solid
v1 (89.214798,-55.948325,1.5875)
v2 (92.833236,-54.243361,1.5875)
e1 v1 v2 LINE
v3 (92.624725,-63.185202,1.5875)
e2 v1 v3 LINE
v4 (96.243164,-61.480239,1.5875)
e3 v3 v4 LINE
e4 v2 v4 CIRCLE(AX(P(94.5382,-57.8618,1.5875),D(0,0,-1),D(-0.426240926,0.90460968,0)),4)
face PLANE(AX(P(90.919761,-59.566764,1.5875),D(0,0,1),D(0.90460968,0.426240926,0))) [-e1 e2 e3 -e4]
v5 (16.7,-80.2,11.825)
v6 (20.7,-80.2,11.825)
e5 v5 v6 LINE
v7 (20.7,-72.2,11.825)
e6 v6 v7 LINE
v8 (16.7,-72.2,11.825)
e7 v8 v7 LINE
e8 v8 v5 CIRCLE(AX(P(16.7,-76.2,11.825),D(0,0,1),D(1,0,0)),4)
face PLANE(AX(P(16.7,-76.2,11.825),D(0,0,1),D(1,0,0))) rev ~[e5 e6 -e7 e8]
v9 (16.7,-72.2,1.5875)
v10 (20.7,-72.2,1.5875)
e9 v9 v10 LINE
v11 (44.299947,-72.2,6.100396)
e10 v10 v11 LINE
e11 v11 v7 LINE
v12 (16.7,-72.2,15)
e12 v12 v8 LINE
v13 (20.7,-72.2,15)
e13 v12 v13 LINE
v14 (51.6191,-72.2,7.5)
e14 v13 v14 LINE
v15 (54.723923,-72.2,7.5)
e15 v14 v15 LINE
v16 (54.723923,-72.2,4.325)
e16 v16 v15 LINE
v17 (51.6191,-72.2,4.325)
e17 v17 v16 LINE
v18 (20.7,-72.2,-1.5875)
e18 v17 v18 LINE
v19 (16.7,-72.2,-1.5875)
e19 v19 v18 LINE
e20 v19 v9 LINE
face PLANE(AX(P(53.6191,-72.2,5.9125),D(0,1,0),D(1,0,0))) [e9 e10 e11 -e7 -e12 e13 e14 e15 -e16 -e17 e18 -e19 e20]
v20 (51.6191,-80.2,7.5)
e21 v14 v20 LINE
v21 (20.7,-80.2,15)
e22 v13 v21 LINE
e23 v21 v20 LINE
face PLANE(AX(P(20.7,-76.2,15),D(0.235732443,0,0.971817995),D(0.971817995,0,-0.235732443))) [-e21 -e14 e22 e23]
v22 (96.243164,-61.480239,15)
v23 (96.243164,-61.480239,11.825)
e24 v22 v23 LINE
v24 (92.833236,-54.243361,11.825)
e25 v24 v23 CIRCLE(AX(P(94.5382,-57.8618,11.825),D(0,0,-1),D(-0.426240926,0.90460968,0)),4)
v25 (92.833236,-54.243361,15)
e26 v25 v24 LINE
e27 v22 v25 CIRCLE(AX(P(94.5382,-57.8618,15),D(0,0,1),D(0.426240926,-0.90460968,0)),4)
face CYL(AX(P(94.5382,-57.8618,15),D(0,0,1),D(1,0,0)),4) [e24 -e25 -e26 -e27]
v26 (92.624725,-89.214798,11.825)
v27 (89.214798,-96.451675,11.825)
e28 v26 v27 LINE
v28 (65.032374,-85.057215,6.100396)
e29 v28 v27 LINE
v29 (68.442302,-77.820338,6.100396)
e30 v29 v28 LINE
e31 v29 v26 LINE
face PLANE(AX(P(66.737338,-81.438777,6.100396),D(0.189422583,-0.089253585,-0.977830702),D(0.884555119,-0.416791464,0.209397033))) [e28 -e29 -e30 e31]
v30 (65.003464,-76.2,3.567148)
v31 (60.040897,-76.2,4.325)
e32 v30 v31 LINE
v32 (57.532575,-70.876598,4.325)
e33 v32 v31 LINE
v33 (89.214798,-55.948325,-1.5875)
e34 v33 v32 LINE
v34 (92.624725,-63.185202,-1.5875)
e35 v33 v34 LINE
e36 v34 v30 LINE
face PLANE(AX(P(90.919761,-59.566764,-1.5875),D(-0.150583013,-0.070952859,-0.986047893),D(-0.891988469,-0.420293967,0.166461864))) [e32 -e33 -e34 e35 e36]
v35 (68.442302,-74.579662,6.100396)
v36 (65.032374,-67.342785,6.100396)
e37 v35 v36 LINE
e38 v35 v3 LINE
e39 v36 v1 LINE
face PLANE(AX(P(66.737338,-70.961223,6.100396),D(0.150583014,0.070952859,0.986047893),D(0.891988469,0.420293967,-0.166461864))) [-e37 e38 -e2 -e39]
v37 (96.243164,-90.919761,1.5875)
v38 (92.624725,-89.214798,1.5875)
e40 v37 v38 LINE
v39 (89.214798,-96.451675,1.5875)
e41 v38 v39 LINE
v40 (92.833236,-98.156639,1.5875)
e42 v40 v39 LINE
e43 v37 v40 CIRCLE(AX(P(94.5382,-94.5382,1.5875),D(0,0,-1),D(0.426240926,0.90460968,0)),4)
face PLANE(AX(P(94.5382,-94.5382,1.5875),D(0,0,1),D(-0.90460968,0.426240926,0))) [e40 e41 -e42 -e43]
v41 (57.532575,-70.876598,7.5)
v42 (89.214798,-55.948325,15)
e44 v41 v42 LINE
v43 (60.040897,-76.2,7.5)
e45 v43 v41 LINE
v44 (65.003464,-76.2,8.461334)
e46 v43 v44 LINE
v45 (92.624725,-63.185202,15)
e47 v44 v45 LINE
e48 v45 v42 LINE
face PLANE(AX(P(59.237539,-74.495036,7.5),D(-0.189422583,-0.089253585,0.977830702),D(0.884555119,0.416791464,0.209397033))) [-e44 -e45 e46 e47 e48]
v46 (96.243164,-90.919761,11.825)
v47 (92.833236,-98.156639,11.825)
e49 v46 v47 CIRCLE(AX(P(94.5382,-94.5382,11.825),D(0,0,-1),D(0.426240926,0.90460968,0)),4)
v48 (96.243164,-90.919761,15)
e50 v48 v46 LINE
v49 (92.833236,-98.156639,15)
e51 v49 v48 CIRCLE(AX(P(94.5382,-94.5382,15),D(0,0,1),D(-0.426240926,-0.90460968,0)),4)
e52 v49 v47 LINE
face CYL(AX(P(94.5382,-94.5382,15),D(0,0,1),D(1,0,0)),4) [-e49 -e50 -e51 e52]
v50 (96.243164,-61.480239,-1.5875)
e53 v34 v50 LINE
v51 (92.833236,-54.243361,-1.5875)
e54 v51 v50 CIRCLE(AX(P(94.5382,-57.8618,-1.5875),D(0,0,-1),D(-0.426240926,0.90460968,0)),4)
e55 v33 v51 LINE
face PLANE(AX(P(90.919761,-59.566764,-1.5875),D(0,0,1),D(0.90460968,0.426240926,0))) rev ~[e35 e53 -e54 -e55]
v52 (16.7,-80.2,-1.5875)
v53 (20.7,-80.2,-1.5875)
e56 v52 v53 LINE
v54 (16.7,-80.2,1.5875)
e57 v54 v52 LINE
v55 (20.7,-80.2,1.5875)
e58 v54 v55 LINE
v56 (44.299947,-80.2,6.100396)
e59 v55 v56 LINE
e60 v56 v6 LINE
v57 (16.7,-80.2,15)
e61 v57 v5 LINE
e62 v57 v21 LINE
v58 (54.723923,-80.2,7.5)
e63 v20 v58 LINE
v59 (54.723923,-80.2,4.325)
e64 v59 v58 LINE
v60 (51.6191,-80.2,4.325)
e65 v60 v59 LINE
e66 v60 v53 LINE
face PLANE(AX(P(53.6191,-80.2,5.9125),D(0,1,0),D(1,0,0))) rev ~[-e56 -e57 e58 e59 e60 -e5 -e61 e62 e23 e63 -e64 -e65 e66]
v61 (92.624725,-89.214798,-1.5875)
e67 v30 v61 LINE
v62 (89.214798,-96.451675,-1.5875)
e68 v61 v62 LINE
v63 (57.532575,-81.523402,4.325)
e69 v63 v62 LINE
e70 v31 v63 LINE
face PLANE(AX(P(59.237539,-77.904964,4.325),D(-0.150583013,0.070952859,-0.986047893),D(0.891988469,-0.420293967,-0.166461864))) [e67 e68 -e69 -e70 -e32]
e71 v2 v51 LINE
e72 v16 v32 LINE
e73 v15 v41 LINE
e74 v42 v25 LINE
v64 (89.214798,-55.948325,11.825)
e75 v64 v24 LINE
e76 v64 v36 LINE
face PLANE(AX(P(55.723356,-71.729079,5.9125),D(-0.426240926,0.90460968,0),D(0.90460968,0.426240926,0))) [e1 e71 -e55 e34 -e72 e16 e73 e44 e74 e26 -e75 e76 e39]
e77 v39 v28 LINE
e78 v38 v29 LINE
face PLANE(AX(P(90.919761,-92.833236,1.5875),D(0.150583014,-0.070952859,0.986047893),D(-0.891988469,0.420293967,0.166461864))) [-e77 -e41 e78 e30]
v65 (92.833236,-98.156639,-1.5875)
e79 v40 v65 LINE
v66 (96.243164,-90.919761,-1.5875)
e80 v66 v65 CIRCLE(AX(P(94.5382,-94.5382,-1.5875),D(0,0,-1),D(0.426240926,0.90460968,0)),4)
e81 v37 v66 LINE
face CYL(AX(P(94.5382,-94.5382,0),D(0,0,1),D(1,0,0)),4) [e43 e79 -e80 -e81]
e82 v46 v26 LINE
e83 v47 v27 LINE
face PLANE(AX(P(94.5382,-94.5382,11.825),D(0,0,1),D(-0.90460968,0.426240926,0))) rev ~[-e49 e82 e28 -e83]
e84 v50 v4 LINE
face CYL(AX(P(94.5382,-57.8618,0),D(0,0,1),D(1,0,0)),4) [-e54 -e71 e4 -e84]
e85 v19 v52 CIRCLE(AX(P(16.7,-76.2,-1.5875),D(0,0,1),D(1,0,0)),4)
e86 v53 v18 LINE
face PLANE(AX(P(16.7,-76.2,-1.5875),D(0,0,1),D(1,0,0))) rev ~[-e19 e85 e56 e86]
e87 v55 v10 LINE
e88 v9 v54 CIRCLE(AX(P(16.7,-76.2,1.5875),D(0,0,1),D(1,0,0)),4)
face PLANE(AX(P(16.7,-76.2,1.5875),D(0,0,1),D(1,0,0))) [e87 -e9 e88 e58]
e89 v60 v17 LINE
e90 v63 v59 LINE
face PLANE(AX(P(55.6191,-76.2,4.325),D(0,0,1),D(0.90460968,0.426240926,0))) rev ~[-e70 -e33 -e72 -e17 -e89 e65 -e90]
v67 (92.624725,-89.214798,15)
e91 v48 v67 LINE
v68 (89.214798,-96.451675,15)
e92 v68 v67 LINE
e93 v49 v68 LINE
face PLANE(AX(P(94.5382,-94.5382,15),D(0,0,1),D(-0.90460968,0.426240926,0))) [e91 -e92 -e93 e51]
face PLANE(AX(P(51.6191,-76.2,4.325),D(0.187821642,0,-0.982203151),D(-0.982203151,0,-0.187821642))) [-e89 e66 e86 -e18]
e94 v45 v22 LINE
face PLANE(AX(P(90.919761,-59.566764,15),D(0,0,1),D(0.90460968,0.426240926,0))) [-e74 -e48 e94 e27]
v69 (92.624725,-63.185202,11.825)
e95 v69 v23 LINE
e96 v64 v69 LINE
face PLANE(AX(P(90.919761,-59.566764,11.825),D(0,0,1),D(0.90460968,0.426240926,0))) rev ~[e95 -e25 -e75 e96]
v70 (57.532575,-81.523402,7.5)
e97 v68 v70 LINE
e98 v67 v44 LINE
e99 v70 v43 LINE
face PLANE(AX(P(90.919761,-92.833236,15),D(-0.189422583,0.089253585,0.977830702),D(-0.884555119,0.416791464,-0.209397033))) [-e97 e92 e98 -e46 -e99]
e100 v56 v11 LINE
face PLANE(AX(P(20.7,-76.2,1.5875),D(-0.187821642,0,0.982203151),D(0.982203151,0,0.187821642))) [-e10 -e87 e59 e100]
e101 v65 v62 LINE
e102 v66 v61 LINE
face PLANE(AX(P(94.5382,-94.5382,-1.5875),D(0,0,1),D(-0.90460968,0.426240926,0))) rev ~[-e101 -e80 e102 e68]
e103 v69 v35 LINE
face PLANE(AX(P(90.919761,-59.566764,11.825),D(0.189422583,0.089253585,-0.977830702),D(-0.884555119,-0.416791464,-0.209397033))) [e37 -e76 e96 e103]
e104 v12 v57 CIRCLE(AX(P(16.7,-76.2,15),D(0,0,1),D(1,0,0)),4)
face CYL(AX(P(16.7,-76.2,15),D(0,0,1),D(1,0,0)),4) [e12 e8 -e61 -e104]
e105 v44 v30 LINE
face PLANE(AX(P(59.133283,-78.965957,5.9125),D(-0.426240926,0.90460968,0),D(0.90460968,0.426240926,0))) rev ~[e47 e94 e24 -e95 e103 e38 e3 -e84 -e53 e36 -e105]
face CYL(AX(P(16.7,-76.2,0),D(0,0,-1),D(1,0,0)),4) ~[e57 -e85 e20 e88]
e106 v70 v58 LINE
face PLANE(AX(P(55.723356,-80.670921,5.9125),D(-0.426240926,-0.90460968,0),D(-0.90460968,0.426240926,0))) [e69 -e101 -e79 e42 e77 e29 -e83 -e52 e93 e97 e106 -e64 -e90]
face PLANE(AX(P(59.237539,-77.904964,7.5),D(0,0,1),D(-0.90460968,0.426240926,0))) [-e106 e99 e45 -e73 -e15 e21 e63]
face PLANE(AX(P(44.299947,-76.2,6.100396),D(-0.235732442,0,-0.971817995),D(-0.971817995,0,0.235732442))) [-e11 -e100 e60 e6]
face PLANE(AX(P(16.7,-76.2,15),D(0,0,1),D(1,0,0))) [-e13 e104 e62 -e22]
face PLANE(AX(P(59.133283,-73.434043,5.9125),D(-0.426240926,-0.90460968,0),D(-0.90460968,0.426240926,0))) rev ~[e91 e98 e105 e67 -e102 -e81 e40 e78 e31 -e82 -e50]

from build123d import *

# Parameters (mm, degrees)
SKETCH2_R             = 4
BOSS_EXTRUDE1_DEPTH   = 1.5875
BOSS_EXTRUDE1_2_DEPTH = 1.5875
BOSS_EXTRUDE1_3_DEPTH = 1.5875
BOSS_EXTRUDE2_START   = 15
SKETCH2_3_R           = 4
BOSS_EXTRUDE2_DEPTH   = 3.175
BOSS_EXTRUDE2_2_DEPTH = 3.175
BOSS_EXTRUDE2_3_DEPTH = 3.175
BOSS_EXTRUDE3_START   = 7.5
SKETCH2_5_R           = 4
BOSS_EXTRUDE3_DEPTH   = 3.175
BOSS_EXTRUDE5_DEPTH   = 4
BOSS_EXTRUDE6_DEPTH   = 4
BOSS_EXTRUDE8_DEPTH   = 4


with BuildPart() as part:
    # Sketch2 → Boss-Extrude1 (new, symmetric)
    with BuildSketch(Plane.XY):
        with Locations((94.5382, -57.8618)):
            Circle(SKETCH2_R)
    extrude(amount=BOSS_EXTRUDE1_DEPTH, both=True)



with BuildPart() as body_2:
    # Sketch2 → Boss-Extrude1 2 (new, symmetric)
    with BuildSketch(Plane.XY):
        with Locations((16.7, -76.2)):
            Circle(SKETCH2_R)
    extrude(amount=BOSS_EXTRUDE1_2_DEPTH, both=True)



with BuildPart() as body_3:
    # Sketch2 → Boss-Extrude1 3 (new, symmetric)
    with BuildSketch(Plane.XY):
        with Locations((94.5382, -94.5382)):
            Circle(SKETCH2_R)
    extrude(amount=BOSS_EXTRUDE1_3_DEPTH, both=True)


with BuildPart() as body_4:
    # Sketch2<3> → Boss-Extrude2 (new body)
    with BuildSketch(Plane.XY.offset(BOSS_EXTRUDE2_START)):
        with Locations((94.5382, -57.8618)):
            Circle(SKETCH2_3_R)
    extrude(amount=-BOSS_EXTRUDE2_DEPTH)


with BuildPart() as body_5:
    # Sketch2<3> → Boss-Extrude2 2 (new body)
    with BuildSketch(Plane.XY.offset(BOSS_EXTRUDE2_START)):
        with Locations((16.7, -76.2)):
            Circle(SKETCH2_3_R)
    extrude(amount=-BOSS_EXTRUDE2_2_DEPTH)


with BuildPart() as body_6:
    # Sketch2<3> → Boss-Extrude2 3 (new body)
    with BuildSketch(Plane.XY.offset(BOSS_EXTRUDE2_START)):
        with Locations((94.5382, -94.5382)):
            Circle(SKETCH2_3_R)
    extrude(amount=-BOSS_EXTRUDE2_3_DEPTH)


with BuildPart() as body_7:
    # Sketch2<5> → Boss-Extrude3 (new body)
    with BuildSketch(Plane.XY.offset(BOSS_EXTRUDE3_START)):
        with Locations((55.6191, -76.2)):
            Circle(SKETCH2_5_R)
    extrude(amount=-BOSS_EXTRUDE3_DEPTH)


with BuildPart() as body_2_1:
    add(body_2.part)

    add(body_5.part)  # Boss-Extrude5 merges body 5

    add(body_7.part)  # Boss-Extrude5 merges body 7
    # Sketch3 → Boss-Extrude5 (add, symmetric)
    with BuildSketch(Plane(origin=(0, -76.2, 0), x_dir=(1, 0, 0), z_dir=(0, 1, 0))):
        Polygon((51.6191, -4.325), (20.7, 1.5875), (16.7, 1.5875), (16.7, -1.5875), (20.7, -1.5875), (44.299946785, -6.100396086), (20.7, -11.825), (16.7, -11.825), (16.7, -15), (20.7, -15), (51.6191, -7.5), (55.6191, -7.5), (55.6191, -4.325), align=None)
    extrude(amount=BOSS_EXTRUDE5_DEPTH, both=True)


    add(body_3.part)  # Boss-Extrude6 merges body 3

    add(body_6.part)  # Boss-Extrude6 merges body 6
    # Sketch5 → Boss-Extrude6 (add, symmetric)
    with BuildSketch(Plane(origin=(-19.276371181, -40.910177532, 0), x_dir=(-0.9046096798275906, 0.4262409261934197, 0), z_dir=(-0.42624092619341963, -0.9046096798275904, 0))):
        Polygon((-86.793134819, -4.325), (-121.816220762, 1.5875), (-125.816220762, 1.5875), (-125.816220762, -1.5875), (-121.816220762, -1.5875), (-95.083781445, -6.100396086), (-121.816220762, -11.825), (-125.816220762, -11.825), (-125.816220762, -15), (-121.816220762, -15), (-86.793134819, -7.5), (-82.793134819, -7.5), (-82.793134819, -4.325), align=None)
    extrude(amount=BOSS_EXTRUDE6_DEPTH, both=True)


with BuildPart() as part_1:
    add(part.part)

    add(body_2_1.part)  # Boss-Extrude8 merges body 2

    add(body_4.part)  # Boss-Extrude8 merges body 4
    # Sketch7 → Boss-Extrude8 (add, symmetric)
    with BuildSketch(Plane(origin=(39.486274988, -83.801588208, 0), x_dir=(0.9046096798275907, 0.4262409261934195, 0), z_dir=(-0.4262409261934195, 0.9046096798275907, 0))):
        Polygon((30.124664293, -6.100396086), (56.85710361, -1.5875), (60.85710361, -1.5875), (60.85710361, 1.5875), (56.85710361, 1.5875), (21.834017667, -4.325), (17.834017667, -4.325), (17.834017667, -7.5), (21.834017667, -7.5), (56.85710361, -15), (60.85710361, -15), (60.85710361, -11.825), (56.85710361, -11.825), align=None)
    extrude(amount=BOSS_EXTRUDE8_DEPTH, both=True)


solid = part_1.part
